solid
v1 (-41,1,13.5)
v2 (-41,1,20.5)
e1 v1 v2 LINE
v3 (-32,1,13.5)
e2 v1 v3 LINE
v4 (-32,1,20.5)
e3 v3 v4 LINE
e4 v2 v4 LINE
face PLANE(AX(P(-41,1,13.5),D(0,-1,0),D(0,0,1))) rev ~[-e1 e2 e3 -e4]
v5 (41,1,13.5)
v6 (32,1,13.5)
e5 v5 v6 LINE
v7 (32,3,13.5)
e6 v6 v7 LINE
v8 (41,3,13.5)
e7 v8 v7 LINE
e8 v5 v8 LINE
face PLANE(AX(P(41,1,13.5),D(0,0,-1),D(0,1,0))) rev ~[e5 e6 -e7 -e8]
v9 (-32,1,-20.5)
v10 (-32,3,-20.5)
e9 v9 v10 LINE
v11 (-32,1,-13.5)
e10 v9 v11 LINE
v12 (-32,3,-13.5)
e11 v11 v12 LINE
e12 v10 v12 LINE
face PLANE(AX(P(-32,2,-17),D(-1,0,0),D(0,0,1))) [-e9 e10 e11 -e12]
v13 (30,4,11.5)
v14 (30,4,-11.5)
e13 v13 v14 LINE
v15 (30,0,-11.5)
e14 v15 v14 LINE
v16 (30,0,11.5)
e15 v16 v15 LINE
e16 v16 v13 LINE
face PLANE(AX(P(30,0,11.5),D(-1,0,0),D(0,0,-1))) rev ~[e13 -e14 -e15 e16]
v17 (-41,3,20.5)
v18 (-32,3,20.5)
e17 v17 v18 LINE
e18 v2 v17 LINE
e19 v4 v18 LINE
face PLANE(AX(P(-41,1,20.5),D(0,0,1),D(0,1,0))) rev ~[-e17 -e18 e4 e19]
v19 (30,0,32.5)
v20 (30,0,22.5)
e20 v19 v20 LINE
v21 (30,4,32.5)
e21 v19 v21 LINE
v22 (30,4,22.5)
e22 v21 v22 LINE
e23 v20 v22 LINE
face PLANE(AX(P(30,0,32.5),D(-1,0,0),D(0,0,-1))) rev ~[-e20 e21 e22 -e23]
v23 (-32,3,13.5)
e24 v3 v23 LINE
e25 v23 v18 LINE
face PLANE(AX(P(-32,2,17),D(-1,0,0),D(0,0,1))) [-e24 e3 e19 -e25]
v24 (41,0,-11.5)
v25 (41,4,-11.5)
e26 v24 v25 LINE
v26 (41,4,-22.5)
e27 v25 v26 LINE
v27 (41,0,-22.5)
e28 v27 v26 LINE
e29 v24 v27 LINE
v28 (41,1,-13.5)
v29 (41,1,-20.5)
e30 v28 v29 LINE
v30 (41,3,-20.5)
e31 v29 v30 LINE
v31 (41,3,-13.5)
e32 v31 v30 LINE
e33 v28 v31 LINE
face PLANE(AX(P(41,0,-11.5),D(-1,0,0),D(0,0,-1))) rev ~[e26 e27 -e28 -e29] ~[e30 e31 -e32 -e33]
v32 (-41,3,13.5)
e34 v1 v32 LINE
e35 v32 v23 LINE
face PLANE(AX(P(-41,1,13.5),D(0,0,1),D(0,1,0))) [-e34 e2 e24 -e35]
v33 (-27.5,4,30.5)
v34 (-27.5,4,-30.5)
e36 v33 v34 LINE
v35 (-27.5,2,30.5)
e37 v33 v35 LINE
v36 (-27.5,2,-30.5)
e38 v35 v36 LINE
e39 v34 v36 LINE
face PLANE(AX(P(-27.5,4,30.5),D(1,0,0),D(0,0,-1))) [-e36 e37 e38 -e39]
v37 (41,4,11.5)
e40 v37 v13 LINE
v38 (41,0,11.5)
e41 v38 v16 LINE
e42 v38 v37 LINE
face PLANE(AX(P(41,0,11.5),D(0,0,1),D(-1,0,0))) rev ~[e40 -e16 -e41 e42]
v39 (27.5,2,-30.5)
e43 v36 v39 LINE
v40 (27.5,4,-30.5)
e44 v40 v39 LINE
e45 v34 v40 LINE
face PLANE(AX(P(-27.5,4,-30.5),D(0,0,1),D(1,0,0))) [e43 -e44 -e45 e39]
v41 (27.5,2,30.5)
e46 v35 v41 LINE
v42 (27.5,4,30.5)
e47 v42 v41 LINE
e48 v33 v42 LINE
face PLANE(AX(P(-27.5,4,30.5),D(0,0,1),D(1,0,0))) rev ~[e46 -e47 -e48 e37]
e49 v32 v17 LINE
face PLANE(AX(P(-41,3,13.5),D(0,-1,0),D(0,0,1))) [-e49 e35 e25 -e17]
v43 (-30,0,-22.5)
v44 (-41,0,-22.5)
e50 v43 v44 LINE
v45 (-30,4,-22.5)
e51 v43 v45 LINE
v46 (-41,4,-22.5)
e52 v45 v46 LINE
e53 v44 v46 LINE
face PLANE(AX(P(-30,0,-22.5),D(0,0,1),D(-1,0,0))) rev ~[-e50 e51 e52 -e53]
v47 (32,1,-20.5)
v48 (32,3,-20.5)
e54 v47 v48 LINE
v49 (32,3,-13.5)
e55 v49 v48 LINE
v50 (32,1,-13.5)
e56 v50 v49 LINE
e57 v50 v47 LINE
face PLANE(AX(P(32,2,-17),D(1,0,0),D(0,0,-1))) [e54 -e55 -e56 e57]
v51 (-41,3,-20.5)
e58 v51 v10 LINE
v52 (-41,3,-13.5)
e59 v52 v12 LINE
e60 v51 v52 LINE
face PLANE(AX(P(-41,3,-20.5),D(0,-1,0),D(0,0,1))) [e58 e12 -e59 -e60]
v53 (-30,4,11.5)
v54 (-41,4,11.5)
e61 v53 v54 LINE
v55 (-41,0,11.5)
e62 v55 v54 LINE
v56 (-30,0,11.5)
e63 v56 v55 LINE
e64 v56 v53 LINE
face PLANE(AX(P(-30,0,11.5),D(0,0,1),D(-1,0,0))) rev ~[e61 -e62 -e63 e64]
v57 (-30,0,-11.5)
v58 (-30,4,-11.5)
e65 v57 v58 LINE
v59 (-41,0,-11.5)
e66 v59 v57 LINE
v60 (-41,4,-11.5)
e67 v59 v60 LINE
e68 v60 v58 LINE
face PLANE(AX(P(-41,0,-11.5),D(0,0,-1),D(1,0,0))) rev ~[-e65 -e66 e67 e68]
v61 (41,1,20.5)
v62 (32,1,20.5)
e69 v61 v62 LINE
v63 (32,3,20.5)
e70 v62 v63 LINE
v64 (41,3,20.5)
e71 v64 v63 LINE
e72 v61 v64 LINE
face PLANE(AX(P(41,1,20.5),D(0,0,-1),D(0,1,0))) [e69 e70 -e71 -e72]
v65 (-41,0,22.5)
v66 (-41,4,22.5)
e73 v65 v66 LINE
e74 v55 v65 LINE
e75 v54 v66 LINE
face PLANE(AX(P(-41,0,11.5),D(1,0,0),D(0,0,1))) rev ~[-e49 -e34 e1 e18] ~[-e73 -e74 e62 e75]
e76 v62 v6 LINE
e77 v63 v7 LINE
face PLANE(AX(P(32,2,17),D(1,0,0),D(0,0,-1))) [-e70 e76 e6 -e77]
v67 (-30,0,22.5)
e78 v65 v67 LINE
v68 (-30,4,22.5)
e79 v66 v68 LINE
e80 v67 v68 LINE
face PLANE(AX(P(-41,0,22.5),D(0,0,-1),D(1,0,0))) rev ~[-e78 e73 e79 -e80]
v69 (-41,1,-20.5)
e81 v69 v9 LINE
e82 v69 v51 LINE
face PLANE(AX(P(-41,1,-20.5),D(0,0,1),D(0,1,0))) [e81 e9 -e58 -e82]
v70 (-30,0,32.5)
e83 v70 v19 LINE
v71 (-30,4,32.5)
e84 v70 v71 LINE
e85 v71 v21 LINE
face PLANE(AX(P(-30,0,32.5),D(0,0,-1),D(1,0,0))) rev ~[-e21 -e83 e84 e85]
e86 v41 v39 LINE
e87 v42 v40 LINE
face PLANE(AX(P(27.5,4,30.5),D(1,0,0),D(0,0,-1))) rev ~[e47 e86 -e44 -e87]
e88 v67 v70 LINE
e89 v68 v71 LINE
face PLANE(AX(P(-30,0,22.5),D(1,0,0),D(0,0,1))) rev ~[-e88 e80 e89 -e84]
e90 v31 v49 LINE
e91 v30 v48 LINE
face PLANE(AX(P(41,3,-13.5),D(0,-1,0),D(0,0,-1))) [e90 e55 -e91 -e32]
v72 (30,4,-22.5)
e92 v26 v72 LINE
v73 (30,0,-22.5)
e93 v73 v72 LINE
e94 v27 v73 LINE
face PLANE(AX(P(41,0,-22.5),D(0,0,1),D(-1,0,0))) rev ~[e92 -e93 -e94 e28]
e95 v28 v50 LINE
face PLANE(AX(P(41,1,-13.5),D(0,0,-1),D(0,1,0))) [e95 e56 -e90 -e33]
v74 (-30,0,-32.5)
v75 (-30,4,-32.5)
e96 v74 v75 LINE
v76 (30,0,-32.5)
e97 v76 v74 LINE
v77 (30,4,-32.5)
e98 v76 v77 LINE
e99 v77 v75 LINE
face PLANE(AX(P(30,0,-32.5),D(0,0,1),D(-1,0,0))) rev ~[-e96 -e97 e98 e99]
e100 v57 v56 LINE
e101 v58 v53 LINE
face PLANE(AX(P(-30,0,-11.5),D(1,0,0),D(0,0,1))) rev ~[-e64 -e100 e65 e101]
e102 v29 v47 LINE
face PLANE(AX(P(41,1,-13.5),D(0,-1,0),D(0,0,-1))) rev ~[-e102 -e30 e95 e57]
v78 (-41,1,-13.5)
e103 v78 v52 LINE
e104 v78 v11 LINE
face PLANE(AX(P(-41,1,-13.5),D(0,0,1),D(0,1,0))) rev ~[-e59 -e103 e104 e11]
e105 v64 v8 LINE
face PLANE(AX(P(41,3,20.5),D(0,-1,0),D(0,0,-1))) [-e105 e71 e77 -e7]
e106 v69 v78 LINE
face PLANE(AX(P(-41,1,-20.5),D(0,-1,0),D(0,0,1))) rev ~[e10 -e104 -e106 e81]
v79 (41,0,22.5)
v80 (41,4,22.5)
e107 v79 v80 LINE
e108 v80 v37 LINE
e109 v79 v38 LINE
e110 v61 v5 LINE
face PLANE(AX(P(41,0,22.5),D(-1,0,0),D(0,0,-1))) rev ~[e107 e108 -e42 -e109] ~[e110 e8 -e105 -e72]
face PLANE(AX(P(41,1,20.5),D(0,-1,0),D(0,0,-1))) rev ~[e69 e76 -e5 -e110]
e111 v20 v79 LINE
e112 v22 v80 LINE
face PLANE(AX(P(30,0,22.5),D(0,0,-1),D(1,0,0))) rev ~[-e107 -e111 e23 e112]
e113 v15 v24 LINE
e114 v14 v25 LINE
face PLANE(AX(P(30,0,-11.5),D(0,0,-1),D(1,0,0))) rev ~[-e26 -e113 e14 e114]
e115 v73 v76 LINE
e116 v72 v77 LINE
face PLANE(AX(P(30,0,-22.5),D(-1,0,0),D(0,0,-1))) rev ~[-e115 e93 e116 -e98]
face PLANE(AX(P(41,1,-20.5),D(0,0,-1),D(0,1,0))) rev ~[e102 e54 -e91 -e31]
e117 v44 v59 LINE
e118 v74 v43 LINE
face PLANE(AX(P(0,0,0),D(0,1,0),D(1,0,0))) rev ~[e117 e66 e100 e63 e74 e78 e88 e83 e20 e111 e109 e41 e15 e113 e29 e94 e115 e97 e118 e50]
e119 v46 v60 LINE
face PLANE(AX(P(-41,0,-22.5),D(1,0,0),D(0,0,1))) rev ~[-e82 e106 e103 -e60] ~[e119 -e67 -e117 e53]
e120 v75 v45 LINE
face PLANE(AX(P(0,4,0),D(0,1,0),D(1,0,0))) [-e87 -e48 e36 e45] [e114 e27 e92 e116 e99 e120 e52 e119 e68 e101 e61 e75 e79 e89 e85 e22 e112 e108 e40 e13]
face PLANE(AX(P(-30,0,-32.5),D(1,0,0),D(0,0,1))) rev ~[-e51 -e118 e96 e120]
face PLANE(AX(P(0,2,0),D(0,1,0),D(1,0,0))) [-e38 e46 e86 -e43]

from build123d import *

# Parameters (mm, degrees)
SALIENTE_EXTRUIR1_DEPTH = 4
CROQUIS2_W              = 55
CROQUIS2_H              = 61
CORTAR_EXTRUIR1_DEPTH   = 2
CROQUIS4_W              = 7
CROQUIS4_H              = 2
CORTAR_EXTRUIR2_DEPTH   = 9
CROQUIS6_W              = 7
CROQUIS6_H              = 2
CORTAR_EXTRUIR3_DEPTH   = 9
CROQUIS7_W              = 7
CROQUIS7_H              = 2
CORTAR_EXTRUIR4_DEPTH   = 9
CROQUIS8_W              = 7
CROQUIS8_H              = 2
CORTAR_EXTRUIR5_DEPTH   = 9


with BuildPart() as part:
    # Croquis1 → Saliente-Extruir1 (new body)
    with BuildSketch(Plane(origin=(0, 0, 0), x_dir=(1, 0, 0), z_dir=(0, 1, 0))):
        Polygon((30, -32.5), (30, -22.5), (41, -22.5), (41, -11.5), (30, -11.5), (30, 11.5), (41, 11.5), (41, 22.5), (30, 22.5), (30, 32.5), (-30, 32.5), (-30, 22.5), (-41, 22.5), (-41, 11.5), (-30, 11.5), (-30, -11.5), (-41, -11.5), (-41, -22.5), (-30, -22.5), (-30, -32.5), align=None)
    extrude(amount=SALIENTE_EXTRUIR1_DEPTH)

    # Croquis2 → Cortar-Extruir1 (cut)
    with BuildSketch(Plane(origin=(0, 4, 0), x_dir=(1, 0, 0), z_dir=(0, 1, 0))):
        Rectangle(CROQUIS2_W, CROQUIS2_H)
    extrude(amount=-CORTAR_EXTRUIR1_DEPTH, mode=Mode.SUBTRACT)

    # Croquis4 → Cortar-Extruir2 (cut)
    with BuildSketch(Plane.ZY.offset(41)):
        with Locations((-17, 2)):
            Rectangle(CROQUIS4_W, CROQUIS4_H)
    extrude(amount=-CORTAR_EXTRUIR2_DEPTH, mode=Mode.SUBTRACT)

    # Croquis6 → Cortar-Extruir3 (cut)
    with BuildSketch(Plane.ZY.offset(41)):
        with Locations((17, 2)):
            Rectangle(CROQUIS6_W, CROQUIS6_H)
    extrude(amount=-CORTAR_EXTRUIR3_DEPTH, mode=Mode.SUBTRACT)

    # Croquis7 → Cortar-Extruir4 (cut)
    with BuildSketch(Plane(origin=(41, 0, 0), x_dir=(0, 0, -1), z_dir=(1, 0, 0))):
        with Locations((-17, 2)):
            Rectangle(CROQUIS7_W, CROQUIS7_H)
    extrude(amount=-CORTAR_EXTRUIR4_DEPTH, mode=Mode.SUBTRACT)

    # Croquis8 → Cortar-Extruir5 (cut)
    with BuildSketch(Plane(origin=(41, 0, 0), x_dir=(0, 0, -1), z_dir=(1, 0, 0))):
        with Locations((17, 2)):
            Rectangle(CROQUIS8_W, CROQUIS8_H)
    extrude(amount=-CORTAR_EXTRUIR5_DEPTH, mode=Mode.SUBTRACT)


solid = part.part
